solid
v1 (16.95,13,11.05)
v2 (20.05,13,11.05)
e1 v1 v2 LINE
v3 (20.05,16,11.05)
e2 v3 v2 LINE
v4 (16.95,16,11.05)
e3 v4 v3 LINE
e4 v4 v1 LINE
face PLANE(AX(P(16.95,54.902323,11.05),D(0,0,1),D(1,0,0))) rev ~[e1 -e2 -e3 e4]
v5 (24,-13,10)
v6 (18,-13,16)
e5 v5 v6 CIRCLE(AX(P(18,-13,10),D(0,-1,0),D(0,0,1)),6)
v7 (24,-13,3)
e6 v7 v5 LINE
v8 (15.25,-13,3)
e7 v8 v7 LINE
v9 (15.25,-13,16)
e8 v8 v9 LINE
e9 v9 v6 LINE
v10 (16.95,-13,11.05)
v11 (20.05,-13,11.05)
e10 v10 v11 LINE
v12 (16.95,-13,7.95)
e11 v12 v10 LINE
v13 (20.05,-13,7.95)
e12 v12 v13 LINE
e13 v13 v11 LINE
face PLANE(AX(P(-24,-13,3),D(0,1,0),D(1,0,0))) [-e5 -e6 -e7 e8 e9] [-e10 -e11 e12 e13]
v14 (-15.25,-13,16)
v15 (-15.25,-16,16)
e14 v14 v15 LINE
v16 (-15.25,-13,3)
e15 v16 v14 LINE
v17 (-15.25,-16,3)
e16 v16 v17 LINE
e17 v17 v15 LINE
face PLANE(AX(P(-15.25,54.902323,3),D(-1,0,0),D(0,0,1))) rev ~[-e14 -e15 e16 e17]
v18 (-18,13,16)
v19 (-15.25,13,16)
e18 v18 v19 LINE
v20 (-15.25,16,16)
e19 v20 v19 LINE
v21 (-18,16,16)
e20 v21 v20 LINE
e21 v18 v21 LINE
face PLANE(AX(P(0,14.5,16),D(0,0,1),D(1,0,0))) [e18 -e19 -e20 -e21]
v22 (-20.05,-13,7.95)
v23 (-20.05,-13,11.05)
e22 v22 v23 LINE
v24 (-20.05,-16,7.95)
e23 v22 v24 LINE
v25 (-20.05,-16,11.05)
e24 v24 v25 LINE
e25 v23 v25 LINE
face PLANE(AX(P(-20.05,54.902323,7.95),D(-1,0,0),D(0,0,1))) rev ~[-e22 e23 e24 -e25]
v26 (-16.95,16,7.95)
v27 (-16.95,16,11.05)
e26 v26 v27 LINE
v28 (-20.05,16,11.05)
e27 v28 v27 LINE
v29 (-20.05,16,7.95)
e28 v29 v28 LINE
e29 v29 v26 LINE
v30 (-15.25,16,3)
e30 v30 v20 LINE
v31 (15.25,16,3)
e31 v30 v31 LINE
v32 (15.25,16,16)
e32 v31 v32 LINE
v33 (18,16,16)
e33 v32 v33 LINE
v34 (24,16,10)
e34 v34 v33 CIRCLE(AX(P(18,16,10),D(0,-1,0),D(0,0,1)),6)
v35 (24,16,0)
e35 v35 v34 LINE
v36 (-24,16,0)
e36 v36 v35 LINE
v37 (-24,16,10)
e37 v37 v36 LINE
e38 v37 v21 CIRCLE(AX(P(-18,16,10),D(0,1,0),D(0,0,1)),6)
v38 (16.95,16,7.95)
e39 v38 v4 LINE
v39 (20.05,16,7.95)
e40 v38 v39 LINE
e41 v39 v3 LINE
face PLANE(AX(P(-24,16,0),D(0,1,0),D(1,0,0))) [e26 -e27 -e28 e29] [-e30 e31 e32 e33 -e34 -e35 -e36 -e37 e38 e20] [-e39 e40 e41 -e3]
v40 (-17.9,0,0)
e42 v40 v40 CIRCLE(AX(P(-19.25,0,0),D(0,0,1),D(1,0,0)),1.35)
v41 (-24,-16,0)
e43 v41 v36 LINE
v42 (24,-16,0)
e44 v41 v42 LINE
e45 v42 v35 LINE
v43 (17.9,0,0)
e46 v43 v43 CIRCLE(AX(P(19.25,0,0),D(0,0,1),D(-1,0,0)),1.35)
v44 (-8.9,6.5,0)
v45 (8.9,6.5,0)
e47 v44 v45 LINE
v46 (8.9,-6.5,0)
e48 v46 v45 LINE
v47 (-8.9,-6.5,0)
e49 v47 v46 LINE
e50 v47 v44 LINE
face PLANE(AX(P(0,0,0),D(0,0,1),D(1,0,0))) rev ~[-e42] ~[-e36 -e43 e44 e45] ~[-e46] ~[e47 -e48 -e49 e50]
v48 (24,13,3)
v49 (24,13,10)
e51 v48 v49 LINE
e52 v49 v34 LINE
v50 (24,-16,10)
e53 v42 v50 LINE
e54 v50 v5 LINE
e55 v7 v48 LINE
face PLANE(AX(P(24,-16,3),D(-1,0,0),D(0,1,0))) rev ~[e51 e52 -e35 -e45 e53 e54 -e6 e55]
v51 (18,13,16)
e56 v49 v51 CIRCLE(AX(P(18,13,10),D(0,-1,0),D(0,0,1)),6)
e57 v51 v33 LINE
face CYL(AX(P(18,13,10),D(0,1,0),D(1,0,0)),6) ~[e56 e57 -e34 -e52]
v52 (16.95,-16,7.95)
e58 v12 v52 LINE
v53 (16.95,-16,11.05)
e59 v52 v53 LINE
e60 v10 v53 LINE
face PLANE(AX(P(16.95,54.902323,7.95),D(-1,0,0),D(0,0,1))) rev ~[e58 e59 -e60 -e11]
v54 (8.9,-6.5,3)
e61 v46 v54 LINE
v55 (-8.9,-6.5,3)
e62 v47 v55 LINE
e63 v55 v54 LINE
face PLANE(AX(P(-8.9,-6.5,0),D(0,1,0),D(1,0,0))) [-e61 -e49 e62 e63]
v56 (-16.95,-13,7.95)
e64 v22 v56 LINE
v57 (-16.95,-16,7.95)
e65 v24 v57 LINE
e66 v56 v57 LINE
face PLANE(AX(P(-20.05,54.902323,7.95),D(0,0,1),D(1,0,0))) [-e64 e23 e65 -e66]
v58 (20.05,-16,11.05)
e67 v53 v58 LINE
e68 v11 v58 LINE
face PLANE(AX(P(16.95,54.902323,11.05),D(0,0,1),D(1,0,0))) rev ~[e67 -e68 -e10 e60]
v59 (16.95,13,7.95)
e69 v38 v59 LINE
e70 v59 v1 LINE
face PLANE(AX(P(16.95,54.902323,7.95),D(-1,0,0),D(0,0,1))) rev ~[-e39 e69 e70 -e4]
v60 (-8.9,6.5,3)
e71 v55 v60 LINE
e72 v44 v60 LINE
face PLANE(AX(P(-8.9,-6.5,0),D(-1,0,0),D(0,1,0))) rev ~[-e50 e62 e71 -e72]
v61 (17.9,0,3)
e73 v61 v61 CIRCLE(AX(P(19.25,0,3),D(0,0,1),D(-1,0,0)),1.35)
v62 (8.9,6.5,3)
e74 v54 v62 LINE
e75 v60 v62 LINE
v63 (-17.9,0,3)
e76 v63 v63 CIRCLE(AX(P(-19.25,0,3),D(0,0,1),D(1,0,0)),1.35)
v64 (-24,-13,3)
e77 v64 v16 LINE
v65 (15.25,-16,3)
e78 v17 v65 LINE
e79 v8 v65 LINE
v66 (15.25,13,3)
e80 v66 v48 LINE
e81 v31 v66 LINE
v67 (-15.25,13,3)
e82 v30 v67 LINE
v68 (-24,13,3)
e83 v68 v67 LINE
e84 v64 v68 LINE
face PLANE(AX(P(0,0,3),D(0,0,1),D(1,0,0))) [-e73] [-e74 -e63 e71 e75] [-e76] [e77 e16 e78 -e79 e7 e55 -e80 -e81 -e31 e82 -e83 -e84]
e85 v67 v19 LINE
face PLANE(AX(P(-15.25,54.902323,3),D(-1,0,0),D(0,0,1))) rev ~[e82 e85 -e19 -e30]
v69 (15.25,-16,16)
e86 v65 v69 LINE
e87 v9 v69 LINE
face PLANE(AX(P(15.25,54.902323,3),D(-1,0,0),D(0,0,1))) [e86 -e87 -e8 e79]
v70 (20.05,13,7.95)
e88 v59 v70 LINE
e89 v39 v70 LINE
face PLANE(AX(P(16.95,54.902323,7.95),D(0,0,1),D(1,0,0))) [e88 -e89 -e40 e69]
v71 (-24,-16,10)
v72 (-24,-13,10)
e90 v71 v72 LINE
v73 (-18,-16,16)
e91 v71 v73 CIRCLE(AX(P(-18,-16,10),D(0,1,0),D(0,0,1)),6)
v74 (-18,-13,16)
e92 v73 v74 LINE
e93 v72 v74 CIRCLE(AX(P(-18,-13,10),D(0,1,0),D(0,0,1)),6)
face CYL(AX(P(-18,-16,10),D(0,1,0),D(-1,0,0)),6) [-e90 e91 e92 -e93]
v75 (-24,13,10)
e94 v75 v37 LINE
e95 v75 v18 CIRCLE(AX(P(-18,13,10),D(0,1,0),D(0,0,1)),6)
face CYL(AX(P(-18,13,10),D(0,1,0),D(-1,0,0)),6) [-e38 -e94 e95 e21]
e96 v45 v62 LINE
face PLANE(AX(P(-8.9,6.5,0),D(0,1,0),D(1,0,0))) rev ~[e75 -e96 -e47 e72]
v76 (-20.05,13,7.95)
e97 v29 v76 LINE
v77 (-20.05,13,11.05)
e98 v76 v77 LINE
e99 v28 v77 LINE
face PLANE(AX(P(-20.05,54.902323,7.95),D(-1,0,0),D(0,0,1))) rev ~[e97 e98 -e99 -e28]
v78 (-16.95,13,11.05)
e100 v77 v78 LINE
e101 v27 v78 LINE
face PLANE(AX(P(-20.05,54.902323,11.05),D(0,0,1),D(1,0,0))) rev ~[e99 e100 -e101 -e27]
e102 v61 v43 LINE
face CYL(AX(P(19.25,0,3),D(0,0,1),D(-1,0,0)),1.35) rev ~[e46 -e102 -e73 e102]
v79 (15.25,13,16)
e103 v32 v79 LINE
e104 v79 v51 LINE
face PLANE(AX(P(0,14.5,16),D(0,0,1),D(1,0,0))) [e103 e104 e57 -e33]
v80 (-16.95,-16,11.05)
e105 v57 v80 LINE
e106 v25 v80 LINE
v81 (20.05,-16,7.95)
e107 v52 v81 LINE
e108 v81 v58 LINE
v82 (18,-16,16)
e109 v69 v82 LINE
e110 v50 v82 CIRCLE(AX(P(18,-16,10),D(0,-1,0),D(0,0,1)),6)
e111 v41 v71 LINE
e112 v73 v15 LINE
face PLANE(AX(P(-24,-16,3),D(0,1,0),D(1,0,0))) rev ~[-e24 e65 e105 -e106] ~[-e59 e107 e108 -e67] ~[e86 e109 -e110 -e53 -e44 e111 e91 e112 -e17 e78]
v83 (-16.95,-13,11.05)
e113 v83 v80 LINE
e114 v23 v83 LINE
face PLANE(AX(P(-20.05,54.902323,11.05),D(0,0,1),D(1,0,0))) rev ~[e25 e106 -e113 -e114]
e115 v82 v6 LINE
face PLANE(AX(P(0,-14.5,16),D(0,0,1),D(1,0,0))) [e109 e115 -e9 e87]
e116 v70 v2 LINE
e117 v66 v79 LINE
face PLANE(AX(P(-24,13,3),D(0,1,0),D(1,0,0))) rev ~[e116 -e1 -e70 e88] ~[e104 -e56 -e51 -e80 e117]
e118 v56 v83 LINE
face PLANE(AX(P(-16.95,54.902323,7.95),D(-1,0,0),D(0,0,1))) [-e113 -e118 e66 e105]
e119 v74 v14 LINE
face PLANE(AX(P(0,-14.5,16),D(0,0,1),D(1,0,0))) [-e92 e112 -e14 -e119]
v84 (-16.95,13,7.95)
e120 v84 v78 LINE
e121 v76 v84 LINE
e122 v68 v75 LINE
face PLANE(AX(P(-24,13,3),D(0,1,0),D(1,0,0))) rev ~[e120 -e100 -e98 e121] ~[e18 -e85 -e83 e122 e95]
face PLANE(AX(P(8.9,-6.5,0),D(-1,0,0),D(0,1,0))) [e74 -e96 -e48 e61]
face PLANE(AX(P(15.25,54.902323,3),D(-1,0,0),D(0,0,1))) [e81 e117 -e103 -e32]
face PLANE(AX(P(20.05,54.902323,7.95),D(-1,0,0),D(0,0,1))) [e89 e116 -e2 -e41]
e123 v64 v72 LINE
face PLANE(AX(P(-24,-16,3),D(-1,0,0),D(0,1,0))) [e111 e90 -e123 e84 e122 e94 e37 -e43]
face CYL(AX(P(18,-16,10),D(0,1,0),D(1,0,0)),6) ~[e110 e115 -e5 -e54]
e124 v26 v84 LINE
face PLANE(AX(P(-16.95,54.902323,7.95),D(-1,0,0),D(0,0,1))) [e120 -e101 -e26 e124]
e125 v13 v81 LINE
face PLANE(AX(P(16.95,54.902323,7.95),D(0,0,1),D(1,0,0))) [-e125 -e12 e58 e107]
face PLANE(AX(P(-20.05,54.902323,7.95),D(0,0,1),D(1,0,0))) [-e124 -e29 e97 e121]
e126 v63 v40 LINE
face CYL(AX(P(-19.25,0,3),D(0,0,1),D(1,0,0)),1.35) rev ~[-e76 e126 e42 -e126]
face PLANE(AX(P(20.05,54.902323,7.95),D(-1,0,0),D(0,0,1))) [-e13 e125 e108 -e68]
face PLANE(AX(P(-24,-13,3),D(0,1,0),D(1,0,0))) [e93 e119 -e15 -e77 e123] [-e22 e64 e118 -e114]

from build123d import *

# Parameters (mm, degrees)
ESBO_O6_W                  = 48
ESBO_O6_H                  = 32
ESBO_O6_W_2                = 17.8
ESBO_O6_H_2                = 13
RESSALTO_EXTRUS_O2_DEPTH   = 3
ESBO_O7_R                  = 1.35
CORTE_EXTRUS_O3_DEPTH      = 30
ESBO_O8_W                  = 48
ESBO_O8_H                  = 3
RESSALTO_EXTRUS_O3_DEPTH   = 13
CORTE_EXTRUS_O4_DEPTH      = 41.902322672
CORTE_EXTRUS_O4_DEPTH_BACK = 41.902322672
ESBO_O10_W                 = 3.1
ESBO_O10_H                 = 3.1
CORTE_EXTRUS_O5_DEPTH      = 41.902322672
CORTE_EXTRUS_O5_DEPTH_BACK = 41.902322672
ESBO_O11_W                 = 30.5
ESBO_O11_H                 = 13
FILETE1_R                  = 6
FILETE2_R                  = 6
FILETE3_R                  = 6


with BuildPart() as part:
    # Esboço6 → Ressalto-extrusão2 (new body)
    with BuildSketch(Plane.XY):
        Rectangle(ESBO_O6_W, ESBO_O6_H)
        Rectangle(ESBO_O6_W_2, ESBO_O6_H_2, mode=Mode.SUBTRACT)
    extrude(amount=RESSALTO_EXTRUS_O2_DEPTH)

    # Esboço7 → Corte-extrusão3 (cut, through all)
    with BuildSketch(Plane.XY.offset(3)):
        with Locations((-19.25, 0)):
            Circle(ESBO_O7_R)
        with Locations(Location((19.25, 0, 0), (0, 0, 180))):
            Circle(ESBO_O7_R)
    extrude(amount=-CORTE_EXTRUS_O3_DEPTH, mode=Mode.SUBTRACT)

    # Esboço8 → Ressalto-extrusão3 (add)
    with BuildSketch(Plane.XY.offset(3)):
        with Locations((0, -14.5)):
            Rectangle(ESBO_O8_W, ESBO_O8_H)
        with Locations((0, 14.5)):
            Rectangle(ESBO_O8_W, ESBO_O8_H)
    extrude(amount=RESSALTO_EXTRUS_O3_DEPTH)

    # Esboço10 → Corte-extrusão4 (cut, two sides: drawn at the far end of the back side and taken through both)
    with BuildSketch(Plane.XZ.offset(-13).offset(-CORTE_EXTRUS_O4_DEPTH_BACK)):
        with Locations((18.5, 9.5)):
            Rectangle(ESBO_O10_W, ESBO_O10_H)
        with Locations((-18.5, 9.5)):
            Rectangle(ESBO_O10_W, ESBO_O10_H)
    extrude(amount=CORTE_EXTRUS_O4_DEPTH + CORTE_EXTRUS_O4_DEPTH_BACK, mode=Mode.SUBTRACT)

    # Esboço11 → Corte-extrusão5 (cut, two sides: drawn at the far end of the back side and taken through both)
    with BuildSketch(Plane.XZ.offset(-13).offset(-CORTE_EXTRUS_O5_DEPTH_BACK)):
        with Locations((0, 9.5)):
            Rectangle(ESBO_O11_W, ESBO_O11_H)
    extrude(amount=CORTE_EXTRUS_O5_DEPTH + CORTE_EXTRUS_O5_DEPTH_BACK, mode=Mode.SUBTRACT)

    # Filete1
    filete1_edges = [part.edges().sort_by_distance(p)[0] for p in [
        (24, -14.5, 16),
    ]]
    fillet(filete1_edges, radius=FILETE1_R)

    # Filete2
    filete2_edges = [part.edges().sort_by_distance(p)[0] for p in [
        (24, 14.5, 16),
    ]]
    fillet(filete2_edges, radius=FILETE2_R)

    # Filete3
    filete3_edges = [part.edges().sort_by_distance(p)[0] for p in [
        (-24, 14.5, 16),
        (-24, -14.5, 16),
    ]]
    fillet(filete3_edges, radius=FILETE3_R)


solid = part.part
